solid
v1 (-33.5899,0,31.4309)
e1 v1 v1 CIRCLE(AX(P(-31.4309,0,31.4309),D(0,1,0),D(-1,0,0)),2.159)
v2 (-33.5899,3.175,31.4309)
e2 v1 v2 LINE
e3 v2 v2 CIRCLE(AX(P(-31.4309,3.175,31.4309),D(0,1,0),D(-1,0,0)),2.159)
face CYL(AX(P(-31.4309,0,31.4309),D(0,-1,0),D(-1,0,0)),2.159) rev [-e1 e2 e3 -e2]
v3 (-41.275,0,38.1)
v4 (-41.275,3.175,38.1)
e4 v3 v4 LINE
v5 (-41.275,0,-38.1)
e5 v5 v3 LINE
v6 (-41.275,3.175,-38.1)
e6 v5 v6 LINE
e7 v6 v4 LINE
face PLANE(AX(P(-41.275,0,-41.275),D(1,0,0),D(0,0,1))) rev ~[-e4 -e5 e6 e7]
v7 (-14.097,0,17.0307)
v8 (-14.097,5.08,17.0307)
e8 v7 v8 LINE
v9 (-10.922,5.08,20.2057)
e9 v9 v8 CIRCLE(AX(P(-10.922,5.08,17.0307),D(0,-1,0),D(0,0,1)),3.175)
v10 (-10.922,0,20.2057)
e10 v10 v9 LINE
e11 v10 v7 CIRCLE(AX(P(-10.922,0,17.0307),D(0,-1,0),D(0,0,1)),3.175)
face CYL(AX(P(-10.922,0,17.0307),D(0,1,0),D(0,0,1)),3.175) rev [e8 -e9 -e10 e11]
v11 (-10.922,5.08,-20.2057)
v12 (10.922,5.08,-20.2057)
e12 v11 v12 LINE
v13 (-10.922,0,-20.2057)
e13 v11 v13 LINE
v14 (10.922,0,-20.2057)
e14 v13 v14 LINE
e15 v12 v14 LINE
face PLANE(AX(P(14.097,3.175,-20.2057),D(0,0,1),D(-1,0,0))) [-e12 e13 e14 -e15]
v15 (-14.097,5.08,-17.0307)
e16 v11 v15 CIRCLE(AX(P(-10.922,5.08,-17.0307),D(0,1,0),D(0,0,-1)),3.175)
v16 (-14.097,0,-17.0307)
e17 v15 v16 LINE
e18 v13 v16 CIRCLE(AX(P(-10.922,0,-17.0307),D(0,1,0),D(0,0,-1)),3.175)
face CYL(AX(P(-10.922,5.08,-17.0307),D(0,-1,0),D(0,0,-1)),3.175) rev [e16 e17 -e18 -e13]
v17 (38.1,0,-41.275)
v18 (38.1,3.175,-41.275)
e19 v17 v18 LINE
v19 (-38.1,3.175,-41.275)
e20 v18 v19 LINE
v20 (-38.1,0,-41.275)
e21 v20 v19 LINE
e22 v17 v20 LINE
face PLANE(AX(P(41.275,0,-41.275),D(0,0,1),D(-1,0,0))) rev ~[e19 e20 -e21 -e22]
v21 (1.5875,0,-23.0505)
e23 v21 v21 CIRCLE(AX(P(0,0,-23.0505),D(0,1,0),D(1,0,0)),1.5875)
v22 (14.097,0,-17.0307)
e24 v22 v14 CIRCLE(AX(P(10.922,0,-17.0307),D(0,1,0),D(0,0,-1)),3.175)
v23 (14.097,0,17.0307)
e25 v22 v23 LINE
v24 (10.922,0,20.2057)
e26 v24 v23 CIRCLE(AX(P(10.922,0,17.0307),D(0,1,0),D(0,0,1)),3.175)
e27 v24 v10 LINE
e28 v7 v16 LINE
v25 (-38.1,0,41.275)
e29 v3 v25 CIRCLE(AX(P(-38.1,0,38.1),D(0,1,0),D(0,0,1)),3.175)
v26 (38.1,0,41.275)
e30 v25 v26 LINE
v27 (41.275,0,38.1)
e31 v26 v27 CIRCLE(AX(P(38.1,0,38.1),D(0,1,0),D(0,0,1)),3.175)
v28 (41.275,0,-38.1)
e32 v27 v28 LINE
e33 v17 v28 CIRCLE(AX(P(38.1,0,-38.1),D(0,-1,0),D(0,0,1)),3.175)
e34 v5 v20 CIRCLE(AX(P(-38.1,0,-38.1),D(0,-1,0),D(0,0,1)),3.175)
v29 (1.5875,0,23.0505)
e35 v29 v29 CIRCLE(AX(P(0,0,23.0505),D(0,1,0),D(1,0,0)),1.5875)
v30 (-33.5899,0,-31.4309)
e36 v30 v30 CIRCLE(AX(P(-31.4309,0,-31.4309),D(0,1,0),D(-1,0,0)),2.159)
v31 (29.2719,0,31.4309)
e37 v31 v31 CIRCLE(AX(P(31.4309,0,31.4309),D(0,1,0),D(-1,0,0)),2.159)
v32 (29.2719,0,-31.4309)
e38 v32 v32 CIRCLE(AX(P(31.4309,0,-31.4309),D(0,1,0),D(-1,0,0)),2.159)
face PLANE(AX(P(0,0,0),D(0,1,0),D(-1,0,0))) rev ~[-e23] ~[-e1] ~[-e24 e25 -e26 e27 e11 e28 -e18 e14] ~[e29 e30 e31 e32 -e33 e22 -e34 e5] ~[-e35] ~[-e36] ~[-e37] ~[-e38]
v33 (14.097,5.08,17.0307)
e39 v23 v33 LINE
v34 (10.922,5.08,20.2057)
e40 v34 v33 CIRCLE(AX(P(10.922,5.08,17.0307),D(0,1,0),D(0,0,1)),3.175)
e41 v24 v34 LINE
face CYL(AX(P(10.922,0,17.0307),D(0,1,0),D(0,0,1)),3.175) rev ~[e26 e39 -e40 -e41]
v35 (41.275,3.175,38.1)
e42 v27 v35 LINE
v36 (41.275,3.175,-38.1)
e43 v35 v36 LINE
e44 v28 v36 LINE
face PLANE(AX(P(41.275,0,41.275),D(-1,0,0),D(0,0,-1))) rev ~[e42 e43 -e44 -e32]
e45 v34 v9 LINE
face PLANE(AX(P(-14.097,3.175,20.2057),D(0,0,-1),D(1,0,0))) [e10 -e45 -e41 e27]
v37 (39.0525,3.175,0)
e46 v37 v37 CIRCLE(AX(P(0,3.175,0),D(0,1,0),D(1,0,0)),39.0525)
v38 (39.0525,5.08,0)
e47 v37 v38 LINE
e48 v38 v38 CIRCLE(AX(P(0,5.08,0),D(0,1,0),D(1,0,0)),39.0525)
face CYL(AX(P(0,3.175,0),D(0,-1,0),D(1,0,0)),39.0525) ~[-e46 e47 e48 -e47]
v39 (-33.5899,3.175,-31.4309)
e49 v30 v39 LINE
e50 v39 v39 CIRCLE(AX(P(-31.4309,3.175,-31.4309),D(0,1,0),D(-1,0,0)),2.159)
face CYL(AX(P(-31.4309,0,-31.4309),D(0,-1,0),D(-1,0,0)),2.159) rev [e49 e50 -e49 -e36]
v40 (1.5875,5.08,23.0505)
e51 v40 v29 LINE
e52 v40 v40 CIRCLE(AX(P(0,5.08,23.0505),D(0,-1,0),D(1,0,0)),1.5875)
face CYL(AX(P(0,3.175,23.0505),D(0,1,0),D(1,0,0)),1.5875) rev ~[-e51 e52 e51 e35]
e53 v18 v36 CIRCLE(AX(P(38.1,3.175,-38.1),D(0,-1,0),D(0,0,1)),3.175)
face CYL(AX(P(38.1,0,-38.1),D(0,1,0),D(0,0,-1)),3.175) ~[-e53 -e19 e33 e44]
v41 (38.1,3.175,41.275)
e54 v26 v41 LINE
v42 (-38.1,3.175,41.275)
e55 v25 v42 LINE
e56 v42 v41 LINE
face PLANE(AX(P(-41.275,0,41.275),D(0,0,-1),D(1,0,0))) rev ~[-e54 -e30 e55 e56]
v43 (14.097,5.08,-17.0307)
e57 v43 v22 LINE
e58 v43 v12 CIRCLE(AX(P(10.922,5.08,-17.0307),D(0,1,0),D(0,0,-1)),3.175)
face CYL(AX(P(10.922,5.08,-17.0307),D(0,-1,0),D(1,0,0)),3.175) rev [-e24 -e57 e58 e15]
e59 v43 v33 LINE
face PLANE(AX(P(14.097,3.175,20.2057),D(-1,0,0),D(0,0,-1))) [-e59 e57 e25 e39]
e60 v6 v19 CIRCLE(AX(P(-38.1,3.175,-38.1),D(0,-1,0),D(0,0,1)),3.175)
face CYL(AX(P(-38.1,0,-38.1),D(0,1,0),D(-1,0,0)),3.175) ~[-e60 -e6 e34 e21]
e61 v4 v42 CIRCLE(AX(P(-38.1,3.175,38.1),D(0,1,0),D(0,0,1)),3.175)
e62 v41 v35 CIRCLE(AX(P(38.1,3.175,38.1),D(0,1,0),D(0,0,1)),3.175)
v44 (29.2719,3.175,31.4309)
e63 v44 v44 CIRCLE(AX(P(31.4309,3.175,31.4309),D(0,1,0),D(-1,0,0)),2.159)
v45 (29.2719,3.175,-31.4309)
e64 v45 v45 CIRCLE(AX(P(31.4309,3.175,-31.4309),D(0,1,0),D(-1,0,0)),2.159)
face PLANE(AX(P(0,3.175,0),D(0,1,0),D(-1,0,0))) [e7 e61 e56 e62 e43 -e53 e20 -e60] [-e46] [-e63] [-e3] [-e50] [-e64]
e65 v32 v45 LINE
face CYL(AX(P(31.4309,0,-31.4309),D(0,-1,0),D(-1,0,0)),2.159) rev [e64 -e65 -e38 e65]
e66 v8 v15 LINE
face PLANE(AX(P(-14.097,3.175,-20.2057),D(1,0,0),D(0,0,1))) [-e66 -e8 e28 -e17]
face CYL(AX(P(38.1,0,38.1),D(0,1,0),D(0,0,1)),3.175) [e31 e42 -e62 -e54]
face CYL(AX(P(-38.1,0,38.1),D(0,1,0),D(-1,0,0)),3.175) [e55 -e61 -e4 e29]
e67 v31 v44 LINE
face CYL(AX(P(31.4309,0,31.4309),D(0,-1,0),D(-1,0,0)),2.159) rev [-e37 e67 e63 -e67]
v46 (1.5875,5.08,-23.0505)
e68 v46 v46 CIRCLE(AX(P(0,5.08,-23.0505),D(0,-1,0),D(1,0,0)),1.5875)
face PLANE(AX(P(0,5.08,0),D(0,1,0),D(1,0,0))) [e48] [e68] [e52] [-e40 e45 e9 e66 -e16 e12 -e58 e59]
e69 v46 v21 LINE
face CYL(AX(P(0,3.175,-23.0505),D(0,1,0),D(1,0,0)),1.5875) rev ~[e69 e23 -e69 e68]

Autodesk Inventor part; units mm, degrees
ref_plane "YZ Plane" through (0, 0, 0) normal (1, 0, 0) x (0, 1, 0)
ref_plane "XZ Plane" through (0, 0, 0) normal (0, 1, 0) x (-1, 0, 0)
ref_plane "XY Plane" through (0, 0, 0) normal (0, 0, 1) x (1, 0, 0)
sketch "Sketch1" plane through (0, 0, 0) normal (0, 1, 0) x (-1, 0, 0)
  line L0 (41.275, 41.275) -> (-41.275, 41.275)
  line L1 (-41.275, 41.275) -> (-41.275, -41.275)
  line L2 (-41.275, -41.275) -> (41.275, -41.275)
  line L3 (41.275, -41.275) -> (41.275, 41.275)
  circle A0 centre (0, 0) radius 44.45 construction
  circle A1 centre (0, 0) radius 39.6875
  line L4 (-41.275, 41.275) -> (41.275, -41.275) construction
  line L5 (41.275, 41.275) -> (-41.275, -41.275) construction
  circle A2 centre (31.4309, 31.4309) radius 2.159
  circle A3 centre (31.4309, -31.4309) radius 2.159
  circle A4 centre (-31.4309, 31.4309) radius 2.159
  circle A5 centre (-31.4309, -31.4309) radius 2.159
  point P0 (0, 0)
  point P1 (0, 0)
  point P2 (0, 0)
  dimension "d0" = 82.55
  dimension "d1" = 82.55
  dimension "d2" = 88.9
  dimension "d3" = 79.375
  dimension "d4" = 4.318
  dimension "d5" = 4.318
  dimension "d6" = 4.318
  dimension "d7" = 4.318
extrude "Extrusion1" add sketch "Sketch1" along normal blind 3.175 contours L3 L2 L1 L0 | A1
sketch "Sketch2" plane through (0, 3.175, 0) normal (0, 1, 0) x (1, 0, 0)
  circle A0 centre (0, 0) radius 39.0525
  circle A1 centre (0, 0) radius 39.6875 construction
  line L0 (-14.097, -20.2057) -> (14.097, -20.2057)
  line L1 (14.097, -20.2057) -> (14.097, 20.2057)
  line L2 (14.097, 20.2057) -> (-14.097, 20.2057)
  line L3 (-14.097, 20.2057) -> (-14.097, -20.2057)
  line L4 (-14.097, -20.2057) -> (14.097, 20.2057) construction
  line L5 (14.097, -20.2057) -> (-14.097, 20.2057) construction
  circle A2 centre (0, -23.0505) radius 1.5875
  line L6 (-23.2122, 0) -> (23.719, 0) construction
  circle A3 centre (0, 23.0505) radius 1.5875
  point P0 (0, 0)
  dimension "d10" = 78.105
  dimension "d17" = 79.375
  dimension "d18" = 28.194
  dimension "d19" = 40.4114
  dimension "d21" = 3.175
  dimension "d24" = 46.101
extrude "Extrusion2" add sketch "Sketch2" along normal blind 1.905 contours A0 | L3 L2 L1 L0 | A2 | A3
fillet "Fillet1" radius 3.175 4 edges at (41.275, 1.5875, 41.275) (-41.275, 1.5875, 41.275) (-41.275, 1.5875, -41.275) (41.275, 1.5875, -41.275)
extrude "Extrusion3" cut sketch "Sketch2" along normal through all both and the other way through all contours L3 L2 L1 L0 | A2 | A3
fillet "Fillet5" radius 3.175 4 edges at (14.097, 2.54, 20.2057) (-14.097, 2.54, 20.2057) (-14.097, 2.54, -20.2057) (14.097, 2.54, -20.2057)
properties part number "ka51b-instrument-mount"
